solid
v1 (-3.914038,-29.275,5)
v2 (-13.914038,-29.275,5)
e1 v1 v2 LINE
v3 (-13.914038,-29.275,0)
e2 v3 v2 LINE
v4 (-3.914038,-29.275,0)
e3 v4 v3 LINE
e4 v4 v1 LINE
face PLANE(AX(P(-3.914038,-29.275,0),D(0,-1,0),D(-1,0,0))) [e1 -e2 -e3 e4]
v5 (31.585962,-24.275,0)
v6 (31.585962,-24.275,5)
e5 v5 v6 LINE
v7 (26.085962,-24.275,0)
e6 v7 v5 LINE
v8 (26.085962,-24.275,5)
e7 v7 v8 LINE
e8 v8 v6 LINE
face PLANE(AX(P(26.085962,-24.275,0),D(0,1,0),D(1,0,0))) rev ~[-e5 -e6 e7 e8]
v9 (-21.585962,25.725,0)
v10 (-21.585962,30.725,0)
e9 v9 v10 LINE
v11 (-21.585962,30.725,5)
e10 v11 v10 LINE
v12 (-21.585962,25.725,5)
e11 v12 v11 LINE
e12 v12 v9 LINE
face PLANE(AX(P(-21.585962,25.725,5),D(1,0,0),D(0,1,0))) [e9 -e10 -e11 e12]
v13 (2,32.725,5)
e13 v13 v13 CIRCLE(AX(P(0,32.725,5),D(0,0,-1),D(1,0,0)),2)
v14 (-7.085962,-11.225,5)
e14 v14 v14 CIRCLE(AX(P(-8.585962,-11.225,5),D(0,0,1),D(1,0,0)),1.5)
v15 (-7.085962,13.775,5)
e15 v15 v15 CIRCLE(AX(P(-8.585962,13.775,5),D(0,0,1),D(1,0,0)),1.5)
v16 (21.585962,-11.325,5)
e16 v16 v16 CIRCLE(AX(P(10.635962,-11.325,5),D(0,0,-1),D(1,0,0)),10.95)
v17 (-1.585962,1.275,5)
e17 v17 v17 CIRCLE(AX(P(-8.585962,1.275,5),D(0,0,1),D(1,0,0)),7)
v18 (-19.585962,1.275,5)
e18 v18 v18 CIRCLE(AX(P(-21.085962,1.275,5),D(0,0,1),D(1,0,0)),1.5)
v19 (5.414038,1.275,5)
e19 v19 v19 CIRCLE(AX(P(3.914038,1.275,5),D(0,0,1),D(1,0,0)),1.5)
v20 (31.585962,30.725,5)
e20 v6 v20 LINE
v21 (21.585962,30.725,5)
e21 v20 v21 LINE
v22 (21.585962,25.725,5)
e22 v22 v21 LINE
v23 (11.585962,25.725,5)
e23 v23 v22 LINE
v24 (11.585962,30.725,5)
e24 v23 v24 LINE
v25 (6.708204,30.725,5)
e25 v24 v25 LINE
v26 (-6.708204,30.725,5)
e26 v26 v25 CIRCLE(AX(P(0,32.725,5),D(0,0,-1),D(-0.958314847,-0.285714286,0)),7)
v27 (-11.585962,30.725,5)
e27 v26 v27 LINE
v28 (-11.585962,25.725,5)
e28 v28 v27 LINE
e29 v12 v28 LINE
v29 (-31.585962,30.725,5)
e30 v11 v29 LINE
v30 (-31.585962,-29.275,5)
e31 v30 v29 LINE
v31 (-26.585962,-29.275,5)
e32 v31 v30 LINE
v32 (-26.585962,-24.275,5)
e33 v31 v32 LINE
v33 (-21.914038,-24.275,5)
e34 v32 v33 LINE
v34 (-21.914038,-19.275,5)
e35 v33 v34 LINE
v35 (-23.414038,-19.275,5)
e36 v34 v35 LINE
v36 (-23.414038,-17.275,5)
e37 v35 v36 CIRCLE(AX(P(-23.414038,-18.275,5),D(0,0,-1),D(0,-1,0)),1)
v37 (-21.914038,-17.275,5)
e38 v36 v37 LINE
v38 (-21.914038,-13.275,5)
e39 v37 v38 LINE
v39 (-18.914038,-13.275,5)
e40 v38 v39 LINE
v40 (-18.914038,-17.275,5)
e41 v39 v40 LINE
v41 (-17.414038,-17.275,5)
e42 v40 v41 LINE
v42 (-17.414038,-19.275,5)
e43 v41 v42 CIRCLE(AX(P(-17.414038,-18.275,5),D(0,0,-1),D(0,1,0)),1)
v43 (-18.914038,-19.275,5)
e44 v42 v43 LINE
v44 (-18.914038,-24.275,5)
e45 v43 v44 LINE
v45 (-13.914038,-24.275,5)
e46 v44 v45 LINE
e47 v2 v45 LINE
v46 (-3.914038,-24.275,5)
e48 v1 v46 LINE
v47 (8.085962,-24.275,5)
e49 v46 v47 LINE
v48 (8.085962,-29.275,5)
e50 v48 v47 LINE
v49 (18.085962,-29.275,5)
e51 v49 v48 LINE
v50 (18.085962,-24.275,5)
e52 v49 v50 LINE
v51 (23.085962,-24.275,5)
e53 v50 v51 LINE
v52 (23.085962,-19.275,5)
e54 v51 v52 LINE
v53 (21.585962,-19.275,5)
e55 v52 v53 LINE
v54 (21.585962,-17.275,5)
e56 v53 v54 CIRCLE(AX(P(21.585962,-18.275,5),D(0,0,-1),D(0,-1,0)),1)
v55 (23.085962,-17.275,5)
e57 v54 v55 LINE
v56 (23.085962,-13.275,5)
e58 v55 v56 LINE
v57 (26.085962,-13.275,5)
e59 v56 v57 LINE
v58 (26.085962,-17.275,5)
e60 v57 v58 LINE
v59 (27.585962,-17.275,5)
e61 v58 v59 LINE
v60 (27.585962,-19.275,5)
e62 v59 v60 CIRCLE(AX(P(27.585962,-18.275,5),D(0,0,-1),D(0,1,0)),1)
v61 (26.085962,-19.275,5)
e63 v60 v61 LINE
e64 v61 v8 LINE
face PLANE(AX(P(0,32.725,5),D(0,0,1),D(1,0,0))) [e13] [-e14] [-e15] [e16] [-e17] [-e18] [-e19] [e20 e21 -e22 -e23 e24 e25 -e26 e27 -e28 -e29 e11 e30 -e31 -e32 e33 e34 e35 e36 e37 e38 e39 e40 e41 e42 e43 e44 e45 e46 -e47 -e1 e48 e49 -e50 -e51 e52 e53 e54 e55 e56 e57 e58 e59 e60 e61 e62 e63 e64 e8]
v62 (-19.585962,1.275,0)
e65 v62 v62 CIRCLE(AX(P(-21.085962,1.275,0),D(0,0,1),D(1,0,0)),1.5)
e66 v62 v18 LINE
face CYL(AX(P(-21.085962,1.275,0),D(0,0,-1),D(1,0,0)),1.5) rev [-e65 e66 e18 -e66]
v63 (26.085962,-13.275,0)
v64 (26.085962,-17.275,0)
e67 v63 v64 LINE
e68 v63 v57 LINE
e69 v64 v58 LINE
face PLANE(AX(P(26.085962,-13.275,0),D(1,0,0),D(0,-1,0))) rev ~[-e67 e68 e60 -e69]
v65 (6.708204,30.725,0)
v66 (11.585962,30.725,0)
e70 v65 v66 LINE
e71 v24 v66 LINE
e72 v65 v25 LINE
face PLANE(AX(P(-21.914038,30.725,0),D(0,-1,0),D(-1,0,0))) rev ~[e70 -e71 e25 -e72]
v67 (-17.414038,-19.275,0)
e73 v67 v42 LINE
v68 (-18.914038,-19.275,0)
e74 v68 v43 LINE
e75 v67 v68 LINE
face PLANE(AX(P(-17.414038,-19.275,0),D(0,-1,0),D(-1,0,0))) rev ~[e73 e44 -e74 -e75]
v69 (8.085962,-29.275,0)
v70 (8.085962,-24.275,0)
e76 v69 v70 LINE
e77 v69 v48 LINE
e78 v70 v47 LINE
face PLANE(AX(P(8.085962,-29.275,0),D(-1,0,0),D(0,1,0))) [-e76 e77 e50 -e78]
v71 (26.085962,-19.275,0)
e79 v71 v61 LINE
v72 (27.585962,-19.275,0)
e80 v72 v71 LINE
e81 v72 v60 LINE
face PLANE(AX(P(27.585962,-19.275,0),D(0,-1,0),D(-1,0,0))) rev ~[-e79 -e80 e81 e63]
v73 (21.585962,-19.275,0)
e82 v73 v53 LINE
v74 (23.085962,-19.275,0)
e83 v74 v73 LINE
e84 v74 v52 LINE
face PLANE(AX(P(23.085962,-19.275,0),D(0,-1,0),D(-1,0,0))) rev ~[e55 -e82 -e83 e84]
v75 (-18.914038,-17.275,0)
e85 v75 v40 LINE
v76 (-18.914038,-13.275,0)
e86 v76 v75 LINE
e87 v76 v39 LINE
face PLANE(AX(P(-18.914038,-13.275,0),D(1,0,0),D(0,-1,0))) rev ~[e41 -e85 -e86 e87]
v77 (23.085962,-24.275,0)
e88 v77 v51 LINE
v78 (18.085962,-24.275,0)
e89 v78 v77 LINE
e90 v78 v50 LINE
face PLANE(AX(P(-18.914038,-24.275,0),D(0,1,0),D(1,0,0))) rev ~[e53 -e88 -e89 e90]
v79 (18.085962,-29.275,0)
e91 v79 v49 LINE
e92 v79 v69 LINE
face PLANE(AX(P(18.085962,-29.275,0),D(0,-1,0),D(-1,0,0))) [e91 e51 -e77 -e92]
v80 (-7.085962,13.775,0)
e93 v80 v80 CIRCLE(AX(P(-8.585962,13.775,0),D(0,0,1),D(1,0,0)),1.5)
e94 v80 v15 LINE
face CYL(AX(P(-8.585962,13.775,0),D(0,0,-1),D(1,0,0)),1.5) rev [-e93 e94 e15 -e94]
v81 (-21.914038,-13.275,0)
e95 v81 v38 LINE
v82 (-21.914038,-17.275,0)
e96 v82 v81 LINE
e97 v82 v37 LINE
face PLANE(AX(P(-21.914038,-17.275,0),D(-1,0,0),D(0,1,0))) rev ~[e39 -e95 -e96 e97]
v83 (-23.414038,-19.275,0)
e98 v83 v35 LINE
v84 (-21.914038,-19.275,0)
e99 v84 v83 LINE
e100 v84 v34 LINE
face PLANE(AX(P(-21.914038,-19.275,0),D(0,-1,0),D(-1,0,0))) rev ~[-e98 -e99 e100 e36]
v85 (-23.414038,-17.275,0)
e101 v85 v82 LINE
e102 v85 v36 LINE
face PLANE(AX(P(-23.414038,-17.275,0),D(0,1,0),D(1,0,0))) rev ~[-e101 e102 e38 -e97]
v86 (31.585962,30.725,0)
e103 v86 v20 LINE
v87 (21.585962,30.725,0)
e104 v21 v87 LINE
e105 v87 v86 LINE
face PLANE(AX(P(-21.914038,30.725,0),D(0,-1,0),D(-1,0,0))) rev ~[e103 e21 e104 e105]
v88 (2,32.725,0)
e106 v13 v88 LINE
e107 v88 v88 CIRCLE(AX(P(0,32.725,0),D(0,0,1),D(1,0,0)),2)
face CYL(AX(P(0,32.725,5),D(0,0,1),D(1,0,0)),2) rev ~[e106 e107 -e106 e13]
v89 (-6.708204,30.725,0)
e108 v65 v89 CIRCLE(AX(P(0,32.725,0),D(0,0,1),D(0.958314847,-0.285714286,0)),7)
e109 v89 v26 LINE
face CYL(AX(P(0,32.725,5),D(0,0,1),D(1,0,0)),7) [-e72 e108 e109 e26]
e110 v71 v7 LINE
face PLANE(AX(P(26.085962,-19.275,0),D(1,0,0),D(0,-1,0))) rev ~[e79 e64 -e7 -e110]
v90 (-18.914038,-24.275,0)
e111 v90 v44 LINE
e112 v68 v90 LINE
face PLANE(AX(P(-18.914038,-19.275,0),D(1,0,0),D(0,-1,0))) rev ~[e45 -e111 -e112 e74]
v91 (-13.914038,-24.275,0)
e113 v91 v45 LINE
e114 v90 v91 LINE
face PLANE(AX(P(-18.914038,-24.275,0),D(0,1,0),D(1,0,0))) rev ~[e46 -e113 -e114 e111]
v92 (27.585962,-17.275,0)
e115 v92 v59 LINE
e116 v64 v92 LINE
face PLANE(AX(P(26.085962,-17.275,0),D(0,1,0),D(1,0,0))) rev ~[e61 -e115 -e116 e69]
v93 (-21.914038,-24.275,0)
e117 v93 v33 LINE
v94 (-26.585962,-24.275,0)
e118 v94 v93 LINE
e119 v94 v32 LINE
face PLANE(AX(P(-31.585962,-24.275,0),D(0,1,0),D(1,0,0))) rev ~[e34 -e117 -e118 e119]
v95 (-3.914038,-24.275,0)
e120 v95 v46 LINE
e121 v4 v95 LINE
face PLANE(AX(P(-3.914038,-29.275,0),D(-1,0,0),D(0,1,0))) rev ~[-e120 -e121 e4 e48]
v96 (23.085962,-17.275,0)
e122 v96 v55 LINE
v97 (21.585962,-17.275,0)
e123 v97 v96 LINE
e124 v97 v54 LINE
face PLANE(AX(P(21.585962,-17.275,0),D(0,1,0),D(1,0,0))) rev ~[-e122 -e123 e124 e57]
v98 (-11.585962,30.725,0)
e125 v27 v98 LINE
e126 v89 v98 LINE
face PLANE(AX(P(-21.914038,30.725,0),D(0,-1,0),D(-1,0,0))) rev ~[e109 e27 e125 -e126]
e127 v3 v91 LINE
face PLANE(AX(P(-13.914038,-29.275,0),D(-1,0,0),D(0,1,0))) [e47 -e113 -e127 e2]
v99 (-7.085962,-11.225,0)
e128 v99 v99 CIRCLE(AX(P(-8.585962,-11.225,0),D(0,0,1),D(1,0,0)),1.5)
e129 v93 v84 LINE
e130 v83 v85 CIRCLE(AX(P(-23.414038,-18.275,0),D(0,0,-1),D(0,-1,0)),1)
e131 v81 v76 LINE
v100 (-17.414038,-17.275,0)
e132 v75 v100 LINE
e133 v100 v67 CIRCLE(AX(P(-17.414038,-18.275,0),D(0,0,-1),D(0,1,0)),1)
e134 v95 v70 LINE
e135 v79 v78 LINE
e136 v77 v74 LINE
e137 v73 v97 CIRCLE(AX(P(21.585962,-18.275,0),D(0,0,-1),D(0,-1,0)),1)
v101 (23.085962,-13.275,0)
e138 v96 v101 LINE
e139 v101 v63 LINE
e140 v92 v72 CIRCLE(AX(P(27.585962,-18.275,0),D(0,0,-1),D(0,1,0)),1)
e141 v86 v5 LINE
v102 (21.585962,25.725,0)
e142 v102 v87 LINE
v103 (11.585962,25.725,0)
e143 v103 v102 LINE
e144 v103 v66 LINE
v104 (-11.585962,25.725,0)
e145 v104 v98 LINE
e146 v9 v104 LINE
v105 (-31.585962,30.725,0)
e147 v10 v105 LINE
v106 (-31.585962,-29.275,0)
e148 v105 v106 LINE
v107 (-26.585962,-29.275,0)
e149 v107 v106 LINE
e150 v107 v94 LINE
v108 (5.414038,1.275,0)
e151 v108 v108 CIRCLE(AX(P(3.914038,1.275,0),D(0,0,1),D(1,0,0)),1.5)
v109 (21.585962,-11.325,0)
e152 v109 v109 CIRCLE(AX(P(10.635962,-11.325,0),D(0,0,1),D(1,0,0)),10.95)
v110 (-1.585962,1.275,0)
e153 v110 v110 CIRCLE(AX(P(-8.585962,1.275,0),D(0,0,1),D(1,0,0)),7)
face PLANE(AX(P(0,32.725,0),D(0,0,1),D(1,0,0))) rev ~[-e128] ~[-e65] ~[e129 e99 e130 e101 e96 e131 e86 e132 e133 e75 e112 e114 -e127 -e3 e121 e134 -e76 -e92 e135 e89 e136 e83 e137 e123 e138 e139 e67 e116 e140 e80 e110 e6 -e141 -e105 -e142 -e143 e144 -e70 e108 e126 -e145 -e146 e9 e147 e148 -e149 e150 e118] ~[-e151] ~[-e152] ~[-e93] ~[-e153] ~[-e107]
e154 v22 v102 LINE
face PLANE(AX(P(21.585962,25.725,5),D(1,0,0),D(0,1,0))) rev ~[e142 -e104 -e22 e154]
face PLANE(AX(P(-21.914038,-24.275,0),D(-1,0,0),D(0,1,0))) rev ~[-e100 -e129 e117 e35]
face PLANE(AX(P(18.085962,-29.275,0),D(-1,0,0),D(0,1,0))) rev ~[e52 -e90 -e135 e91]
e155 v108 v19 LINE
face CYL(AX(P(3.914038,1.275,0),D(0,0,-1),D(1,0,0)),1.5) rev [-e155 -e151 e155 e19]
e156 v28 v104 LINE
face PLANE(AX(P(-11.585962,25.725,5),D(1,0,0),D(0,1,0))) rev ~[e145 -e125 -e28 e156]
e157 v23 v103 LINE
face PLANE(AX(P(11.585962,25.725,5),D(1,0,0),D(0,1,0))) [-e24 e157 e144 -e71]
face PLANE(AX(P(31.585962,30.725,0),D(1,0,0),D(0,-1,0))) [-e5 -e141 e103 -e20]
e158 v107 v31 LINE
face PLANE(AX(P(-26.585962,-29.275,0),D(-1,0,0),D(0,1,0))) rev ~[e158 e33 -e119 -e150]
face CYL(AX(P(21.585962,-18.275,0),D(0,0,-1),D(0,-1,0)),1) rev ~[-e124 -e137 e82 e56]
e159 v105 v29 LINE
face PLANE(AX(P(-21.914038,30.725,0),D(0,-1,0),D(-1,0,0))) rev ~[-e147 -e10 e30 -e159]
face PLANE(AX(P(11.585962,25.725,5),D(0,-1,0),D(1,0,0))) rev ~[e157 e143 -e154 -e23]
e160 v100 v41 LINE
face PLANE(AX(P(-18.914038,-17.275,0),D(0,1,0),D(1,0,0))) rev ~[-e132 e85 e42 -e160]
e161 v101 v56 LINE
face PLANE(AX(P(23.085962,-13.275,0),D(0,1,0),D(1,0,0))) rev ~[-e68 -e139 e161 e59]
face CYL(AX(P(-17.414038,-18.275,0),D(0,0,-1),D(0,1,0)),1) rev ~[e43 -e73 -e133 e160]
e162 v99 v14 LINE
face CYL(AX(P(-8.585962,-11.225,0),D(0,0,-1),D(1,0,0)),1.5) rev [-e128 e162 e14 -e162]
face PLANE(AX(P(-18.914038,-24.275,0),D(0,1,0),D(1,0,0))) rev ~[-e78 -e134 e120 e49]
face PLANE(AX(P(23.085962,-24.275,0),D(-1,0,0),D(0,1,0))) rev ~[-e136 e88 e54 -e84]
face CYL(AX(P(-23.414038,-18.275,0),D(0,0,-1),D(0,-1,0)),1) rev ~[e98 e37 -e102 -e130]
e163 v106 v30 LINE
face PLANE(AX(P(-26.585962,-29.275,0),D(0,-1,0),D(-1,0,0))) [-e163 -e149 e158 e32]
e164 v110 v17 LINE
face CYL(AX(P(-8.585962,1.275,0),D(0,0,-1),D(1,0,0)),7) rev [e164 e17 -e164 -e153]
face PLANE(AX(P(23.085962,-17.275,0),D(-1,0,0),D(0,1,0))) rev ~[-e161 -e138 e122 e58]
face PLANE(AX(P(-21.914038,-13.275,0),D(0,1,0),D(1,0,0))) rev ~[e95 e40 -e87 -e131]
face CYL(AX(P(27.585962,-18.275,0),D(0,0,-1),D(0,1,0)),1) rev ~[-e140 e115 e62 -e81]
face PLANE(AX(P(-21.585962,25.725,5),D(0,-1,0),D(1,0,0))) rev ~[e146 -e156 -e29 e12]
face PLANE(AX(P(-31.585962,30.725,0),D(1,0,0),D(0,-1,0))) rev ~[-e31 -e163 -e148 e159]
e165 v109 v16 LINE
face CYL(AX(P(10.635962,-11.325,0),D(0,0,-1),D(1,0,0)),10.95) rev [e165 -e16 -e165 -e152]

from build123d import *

# Parameters (mm, degrees)
SKETCH8_R           = 1.5
SKETCH8_R_2         = 7
SKETCH8_R_3         = 10.95
BOSS_EXTRUDE1_DEPTH = 5
SKETCH9_W           = 10
SKETCH9_H           = 5
SKETCH9_W_2         = 5
BOSS_EXTRUDE2_DEPTH = 5
SKETCH11_R          = 7
SKETCH11_R_2        = 2
SKETCH11_W          = 10
SKETCH11_H          = 5
BOSS_EXTRUDE4_DEPTH = 5
SKETCH11_2_W        = 10
SKETCH11_2_H        = 5
CUT_EXTRUDE1_DEPTH  = 5


with BuildPart() as part:
    # Sketch8 → Boss-Extrude1 (new body)
    with BuildSketch(Plane.XY):
        with BuildLine():
            Line((-31.585962214, 30.725), (-31.585962214, -24.275))
            Line((-31.585962214, -24.275), (-21.914037786, -24.275))
            Line((-21.914037786, -24.275), (-21.914037786, -19.275))
            Line((-21.914037786, -19.275), (-23.414037786, -19.275))
            ThreePointArc((-23.414037786, -19.275), (-24.414037786, -18.275), (-23.414037786, -17.275))
            Line((-23.414037786, -17.275), (-21.914037786, -17.275))
            Line((-21.914037786, -17.275), (-21.914037786, -13.275))
            Line((-21.914037786, -13.275), (-18.914037786, -13.275))
            Line((-18.914037786, -13.275), (-18.914037786, -17.275))
            Line((-18.914037786, -17.275), (-17.414037786, -17.275))
            ThreePointArc((-17.414037786, -17.275), (-16.414037786, -18.275), (-17.414037786, -19.275))
            Line((-17.414037786, -19.275), (-18.914037786, -19.275))
            Line((-18.914037786, -19.275), (-18.914037786, -24.275))
            Line((-18.914037786, -24.275), (21.585962214, -24.275))
            Line((21.585962214, -24.275), (23.085962214, -24.275))
            Line((23.085962214, -24.275), (23.085962214, -19.275))
            Line((23.085962214, -19.275), (21.585962214, -19.275))
            ThreePointArc((21.585962214, -19.275), (20.585962214, -18.275), (21.585962214, -17.275))
            Line((21.585962214, -17.275), (23.085962214, -17.275))
            Line((23.085962214, -17.275), (23.085962214, -13.275))
            Line((23.085962214, -13.275), (26.085962214, -13.275))
            Line((26.085962214, -13.275), (26.085962214, -17.275))
            Line((26.085962214, -17.275), (27.585962214, -17.275))
            ThreePointArc((27.585962214, -17.275), (28.585962214, -18.275), (27.585962214, -19.275))
            Line((27.585962214, -19.275), (26.085962214, -19.275))
            Line((26.085962214, -19.275), (26.085962214, -24.275))
            Line((26.085962214, -24.275), (31.585962214, -24.275))
            Line((31.585962214, -24.275), (31.585962214, -9.275))
            ThreePointArc((31.585962214, -9.275), (19.870233462, 19.009271247), (-8.414037786, 30.725))
            Line((-8.414037786, 30.725), (-18.914037786, 30.725))
            Line((-18.914037786, 30.725), (-18.914037786, 25.725))
            Line((-18.914037786, 25.725), (-17.414037786, 25.725))
            ThreePointArc((-17.414037786, 25.725), (-16.414037786, 24.725), (-17.414037786, 23.725))
            Line((-17.414037786, 23.725), (-18.914037786, 23.725))
            Line((-18.914037786, 23.725), (-18.914037786, 19.725))
            Line((-18.914037786, 19.725), (-21.914037786, 19.725))
            Line((-21.914037786, 19.725), (-21.914037786, 23.725))
            Line((-21.914037786, 23.725), (-23.414037786, 23.725))
            ThreePointArc((-23.414037786, 23.725), (-24.414037786, 24.725), (-23.414037786, 25.725))
            Line((-23.414037786, 25.725), (-21.914037786, 25.725))
            Line((-21.914037786, 25.725), (-21.914037786, 30.725))
            Line((-21.914037786, 30.725), (-31.585962214, 30.725))
        make_face()
        with Locations((-8.585962214, -11.225)):
            Circle(SKETCH8_R, mode=Mode.SUBTRACT)
        with Locations((-21.085962214, 1.275)):
            Circle(SKETCH8_R, mode=Mode.SUBTRACT)
        with Locations((-8.585962214, 1.275)):
            Circle(SKETCH8_R_2, mode=Mode.SUBTRACT)
        with Locations((10.635962214, -11.325)):
            Circle(SKETCH8_R_3, mode=Mode.SUBTRACT)
        with Locations((3.914037786, 1.275)):
            Circle(SKETCH8_R, mode=Mode.SUBTRACT)
        with Locations((-8.585962214, 13.775)):
            Circle(SKETCH8_R, mode=Mode.SUBTRACT)
    extrude(amount=BOSS_EXTRUDE1_DEPTH)

    # Sketch9 → Boss-Extrude2 (add)
    with BuildSketch(Plane(origin=(0, 0, 0), x_dir=(-1, 0, 0), z_dir=(0, 0, -1))):
        with Locations((-13.085962214, -26.775)):
            Rectangle(SKETCH9_W, SKETCH9_H)
        with Locations((8.914037786, -26.775)):
            Rectangle(SKETCH9_W, SKETCH9_H)
        with BuildLine():
            Line((31.585962214, 30.725), (-31.585962214, 30.725))
            Line((-31.585962214, 30.725), (-31.585962214, 11.746641407))
            Line((-31.585962214, 11.746641407), (-31.585962214, -2.994966805))
            Line((-31.585962214, -2.994966805), (-31.585962214, -9.275))
            Line((-31.585962214, -9.275), (-26.161018226, -9.275))
            Line((-26.161018226, -9.275), (-26.161018226, -2.994966805))
            Line((-26.161018226, -2.994966805), (-17.743215339, -2.994966805))
            Line((-17.743215339, -2.994966805), (-17.743215339, 11.746641407))
            Line((-17.743215339, 11.746641407), (6.40967317, 11.746641407))
            ThreePointArc((6.40967317, 11.746641407), (8.585962214, 16.749974384), (10.762251258, 11.746641407))
            Line((10.762251258, 11.746641407), (31.585962214, 11.746641407))
            Line((31.585962214, 11.746641407), (31.585962214, 30.725))
        make_face()
        with Locations((29.085962214, -26.775)):
            Rectangle(SKETCH9_W_2, SKETCH9_H)
    extrude(amount=-BOSS_EXTRUDE2_DEPTH)

    # Sketch11 → Boss-Extrude4 (add)
    # profile 1 of 3: a face of its own
    with BuildSketch(Plane.XY.offset(5)):
        with Locations((0, 32.725)):
            Circle(SKETCH11_R)
        with Locations((0, 32.725)):
            Circle(SKETCH11_R_2, mode=Mode.SUBTRACT)
    # profile 2 of 3: a face of its own
    with BuildSketch(Plane.XY.offset(5)):
        with Locations((-16.585962214, 28.225)):
            Rectangle(SKETCH11_W, SKETCH11_H)
    # profile 3 of 3: a face of its own
    with BuildSketch(Plane.XY.offset(5)):
        with Locations((16.585962214, 28.225)):
            Rectangle(SKETCH11_W, SKETCH11_H)
    extrude(amount=-BOSS_EXTRUDE4_DEPTH)

    # Sketch11<2> → Cut-Extrude1 (cut)
    with BuildSketch(Plane.XY.offset(5)):
        with Locations((-16.585962214, 28.225)):
            Rectangle(SKETCH11_2_W, SKETCH11_2_H)
        with Locations((16.585962214, 28.225)):
            Rectangle(SKETCH11_2_W, SKETCH11_2_H)
    extrude(amount=-CUT_EXTRUDE1_DEPTH, mode=Mode.SUBTRACT)


solid = part.part
